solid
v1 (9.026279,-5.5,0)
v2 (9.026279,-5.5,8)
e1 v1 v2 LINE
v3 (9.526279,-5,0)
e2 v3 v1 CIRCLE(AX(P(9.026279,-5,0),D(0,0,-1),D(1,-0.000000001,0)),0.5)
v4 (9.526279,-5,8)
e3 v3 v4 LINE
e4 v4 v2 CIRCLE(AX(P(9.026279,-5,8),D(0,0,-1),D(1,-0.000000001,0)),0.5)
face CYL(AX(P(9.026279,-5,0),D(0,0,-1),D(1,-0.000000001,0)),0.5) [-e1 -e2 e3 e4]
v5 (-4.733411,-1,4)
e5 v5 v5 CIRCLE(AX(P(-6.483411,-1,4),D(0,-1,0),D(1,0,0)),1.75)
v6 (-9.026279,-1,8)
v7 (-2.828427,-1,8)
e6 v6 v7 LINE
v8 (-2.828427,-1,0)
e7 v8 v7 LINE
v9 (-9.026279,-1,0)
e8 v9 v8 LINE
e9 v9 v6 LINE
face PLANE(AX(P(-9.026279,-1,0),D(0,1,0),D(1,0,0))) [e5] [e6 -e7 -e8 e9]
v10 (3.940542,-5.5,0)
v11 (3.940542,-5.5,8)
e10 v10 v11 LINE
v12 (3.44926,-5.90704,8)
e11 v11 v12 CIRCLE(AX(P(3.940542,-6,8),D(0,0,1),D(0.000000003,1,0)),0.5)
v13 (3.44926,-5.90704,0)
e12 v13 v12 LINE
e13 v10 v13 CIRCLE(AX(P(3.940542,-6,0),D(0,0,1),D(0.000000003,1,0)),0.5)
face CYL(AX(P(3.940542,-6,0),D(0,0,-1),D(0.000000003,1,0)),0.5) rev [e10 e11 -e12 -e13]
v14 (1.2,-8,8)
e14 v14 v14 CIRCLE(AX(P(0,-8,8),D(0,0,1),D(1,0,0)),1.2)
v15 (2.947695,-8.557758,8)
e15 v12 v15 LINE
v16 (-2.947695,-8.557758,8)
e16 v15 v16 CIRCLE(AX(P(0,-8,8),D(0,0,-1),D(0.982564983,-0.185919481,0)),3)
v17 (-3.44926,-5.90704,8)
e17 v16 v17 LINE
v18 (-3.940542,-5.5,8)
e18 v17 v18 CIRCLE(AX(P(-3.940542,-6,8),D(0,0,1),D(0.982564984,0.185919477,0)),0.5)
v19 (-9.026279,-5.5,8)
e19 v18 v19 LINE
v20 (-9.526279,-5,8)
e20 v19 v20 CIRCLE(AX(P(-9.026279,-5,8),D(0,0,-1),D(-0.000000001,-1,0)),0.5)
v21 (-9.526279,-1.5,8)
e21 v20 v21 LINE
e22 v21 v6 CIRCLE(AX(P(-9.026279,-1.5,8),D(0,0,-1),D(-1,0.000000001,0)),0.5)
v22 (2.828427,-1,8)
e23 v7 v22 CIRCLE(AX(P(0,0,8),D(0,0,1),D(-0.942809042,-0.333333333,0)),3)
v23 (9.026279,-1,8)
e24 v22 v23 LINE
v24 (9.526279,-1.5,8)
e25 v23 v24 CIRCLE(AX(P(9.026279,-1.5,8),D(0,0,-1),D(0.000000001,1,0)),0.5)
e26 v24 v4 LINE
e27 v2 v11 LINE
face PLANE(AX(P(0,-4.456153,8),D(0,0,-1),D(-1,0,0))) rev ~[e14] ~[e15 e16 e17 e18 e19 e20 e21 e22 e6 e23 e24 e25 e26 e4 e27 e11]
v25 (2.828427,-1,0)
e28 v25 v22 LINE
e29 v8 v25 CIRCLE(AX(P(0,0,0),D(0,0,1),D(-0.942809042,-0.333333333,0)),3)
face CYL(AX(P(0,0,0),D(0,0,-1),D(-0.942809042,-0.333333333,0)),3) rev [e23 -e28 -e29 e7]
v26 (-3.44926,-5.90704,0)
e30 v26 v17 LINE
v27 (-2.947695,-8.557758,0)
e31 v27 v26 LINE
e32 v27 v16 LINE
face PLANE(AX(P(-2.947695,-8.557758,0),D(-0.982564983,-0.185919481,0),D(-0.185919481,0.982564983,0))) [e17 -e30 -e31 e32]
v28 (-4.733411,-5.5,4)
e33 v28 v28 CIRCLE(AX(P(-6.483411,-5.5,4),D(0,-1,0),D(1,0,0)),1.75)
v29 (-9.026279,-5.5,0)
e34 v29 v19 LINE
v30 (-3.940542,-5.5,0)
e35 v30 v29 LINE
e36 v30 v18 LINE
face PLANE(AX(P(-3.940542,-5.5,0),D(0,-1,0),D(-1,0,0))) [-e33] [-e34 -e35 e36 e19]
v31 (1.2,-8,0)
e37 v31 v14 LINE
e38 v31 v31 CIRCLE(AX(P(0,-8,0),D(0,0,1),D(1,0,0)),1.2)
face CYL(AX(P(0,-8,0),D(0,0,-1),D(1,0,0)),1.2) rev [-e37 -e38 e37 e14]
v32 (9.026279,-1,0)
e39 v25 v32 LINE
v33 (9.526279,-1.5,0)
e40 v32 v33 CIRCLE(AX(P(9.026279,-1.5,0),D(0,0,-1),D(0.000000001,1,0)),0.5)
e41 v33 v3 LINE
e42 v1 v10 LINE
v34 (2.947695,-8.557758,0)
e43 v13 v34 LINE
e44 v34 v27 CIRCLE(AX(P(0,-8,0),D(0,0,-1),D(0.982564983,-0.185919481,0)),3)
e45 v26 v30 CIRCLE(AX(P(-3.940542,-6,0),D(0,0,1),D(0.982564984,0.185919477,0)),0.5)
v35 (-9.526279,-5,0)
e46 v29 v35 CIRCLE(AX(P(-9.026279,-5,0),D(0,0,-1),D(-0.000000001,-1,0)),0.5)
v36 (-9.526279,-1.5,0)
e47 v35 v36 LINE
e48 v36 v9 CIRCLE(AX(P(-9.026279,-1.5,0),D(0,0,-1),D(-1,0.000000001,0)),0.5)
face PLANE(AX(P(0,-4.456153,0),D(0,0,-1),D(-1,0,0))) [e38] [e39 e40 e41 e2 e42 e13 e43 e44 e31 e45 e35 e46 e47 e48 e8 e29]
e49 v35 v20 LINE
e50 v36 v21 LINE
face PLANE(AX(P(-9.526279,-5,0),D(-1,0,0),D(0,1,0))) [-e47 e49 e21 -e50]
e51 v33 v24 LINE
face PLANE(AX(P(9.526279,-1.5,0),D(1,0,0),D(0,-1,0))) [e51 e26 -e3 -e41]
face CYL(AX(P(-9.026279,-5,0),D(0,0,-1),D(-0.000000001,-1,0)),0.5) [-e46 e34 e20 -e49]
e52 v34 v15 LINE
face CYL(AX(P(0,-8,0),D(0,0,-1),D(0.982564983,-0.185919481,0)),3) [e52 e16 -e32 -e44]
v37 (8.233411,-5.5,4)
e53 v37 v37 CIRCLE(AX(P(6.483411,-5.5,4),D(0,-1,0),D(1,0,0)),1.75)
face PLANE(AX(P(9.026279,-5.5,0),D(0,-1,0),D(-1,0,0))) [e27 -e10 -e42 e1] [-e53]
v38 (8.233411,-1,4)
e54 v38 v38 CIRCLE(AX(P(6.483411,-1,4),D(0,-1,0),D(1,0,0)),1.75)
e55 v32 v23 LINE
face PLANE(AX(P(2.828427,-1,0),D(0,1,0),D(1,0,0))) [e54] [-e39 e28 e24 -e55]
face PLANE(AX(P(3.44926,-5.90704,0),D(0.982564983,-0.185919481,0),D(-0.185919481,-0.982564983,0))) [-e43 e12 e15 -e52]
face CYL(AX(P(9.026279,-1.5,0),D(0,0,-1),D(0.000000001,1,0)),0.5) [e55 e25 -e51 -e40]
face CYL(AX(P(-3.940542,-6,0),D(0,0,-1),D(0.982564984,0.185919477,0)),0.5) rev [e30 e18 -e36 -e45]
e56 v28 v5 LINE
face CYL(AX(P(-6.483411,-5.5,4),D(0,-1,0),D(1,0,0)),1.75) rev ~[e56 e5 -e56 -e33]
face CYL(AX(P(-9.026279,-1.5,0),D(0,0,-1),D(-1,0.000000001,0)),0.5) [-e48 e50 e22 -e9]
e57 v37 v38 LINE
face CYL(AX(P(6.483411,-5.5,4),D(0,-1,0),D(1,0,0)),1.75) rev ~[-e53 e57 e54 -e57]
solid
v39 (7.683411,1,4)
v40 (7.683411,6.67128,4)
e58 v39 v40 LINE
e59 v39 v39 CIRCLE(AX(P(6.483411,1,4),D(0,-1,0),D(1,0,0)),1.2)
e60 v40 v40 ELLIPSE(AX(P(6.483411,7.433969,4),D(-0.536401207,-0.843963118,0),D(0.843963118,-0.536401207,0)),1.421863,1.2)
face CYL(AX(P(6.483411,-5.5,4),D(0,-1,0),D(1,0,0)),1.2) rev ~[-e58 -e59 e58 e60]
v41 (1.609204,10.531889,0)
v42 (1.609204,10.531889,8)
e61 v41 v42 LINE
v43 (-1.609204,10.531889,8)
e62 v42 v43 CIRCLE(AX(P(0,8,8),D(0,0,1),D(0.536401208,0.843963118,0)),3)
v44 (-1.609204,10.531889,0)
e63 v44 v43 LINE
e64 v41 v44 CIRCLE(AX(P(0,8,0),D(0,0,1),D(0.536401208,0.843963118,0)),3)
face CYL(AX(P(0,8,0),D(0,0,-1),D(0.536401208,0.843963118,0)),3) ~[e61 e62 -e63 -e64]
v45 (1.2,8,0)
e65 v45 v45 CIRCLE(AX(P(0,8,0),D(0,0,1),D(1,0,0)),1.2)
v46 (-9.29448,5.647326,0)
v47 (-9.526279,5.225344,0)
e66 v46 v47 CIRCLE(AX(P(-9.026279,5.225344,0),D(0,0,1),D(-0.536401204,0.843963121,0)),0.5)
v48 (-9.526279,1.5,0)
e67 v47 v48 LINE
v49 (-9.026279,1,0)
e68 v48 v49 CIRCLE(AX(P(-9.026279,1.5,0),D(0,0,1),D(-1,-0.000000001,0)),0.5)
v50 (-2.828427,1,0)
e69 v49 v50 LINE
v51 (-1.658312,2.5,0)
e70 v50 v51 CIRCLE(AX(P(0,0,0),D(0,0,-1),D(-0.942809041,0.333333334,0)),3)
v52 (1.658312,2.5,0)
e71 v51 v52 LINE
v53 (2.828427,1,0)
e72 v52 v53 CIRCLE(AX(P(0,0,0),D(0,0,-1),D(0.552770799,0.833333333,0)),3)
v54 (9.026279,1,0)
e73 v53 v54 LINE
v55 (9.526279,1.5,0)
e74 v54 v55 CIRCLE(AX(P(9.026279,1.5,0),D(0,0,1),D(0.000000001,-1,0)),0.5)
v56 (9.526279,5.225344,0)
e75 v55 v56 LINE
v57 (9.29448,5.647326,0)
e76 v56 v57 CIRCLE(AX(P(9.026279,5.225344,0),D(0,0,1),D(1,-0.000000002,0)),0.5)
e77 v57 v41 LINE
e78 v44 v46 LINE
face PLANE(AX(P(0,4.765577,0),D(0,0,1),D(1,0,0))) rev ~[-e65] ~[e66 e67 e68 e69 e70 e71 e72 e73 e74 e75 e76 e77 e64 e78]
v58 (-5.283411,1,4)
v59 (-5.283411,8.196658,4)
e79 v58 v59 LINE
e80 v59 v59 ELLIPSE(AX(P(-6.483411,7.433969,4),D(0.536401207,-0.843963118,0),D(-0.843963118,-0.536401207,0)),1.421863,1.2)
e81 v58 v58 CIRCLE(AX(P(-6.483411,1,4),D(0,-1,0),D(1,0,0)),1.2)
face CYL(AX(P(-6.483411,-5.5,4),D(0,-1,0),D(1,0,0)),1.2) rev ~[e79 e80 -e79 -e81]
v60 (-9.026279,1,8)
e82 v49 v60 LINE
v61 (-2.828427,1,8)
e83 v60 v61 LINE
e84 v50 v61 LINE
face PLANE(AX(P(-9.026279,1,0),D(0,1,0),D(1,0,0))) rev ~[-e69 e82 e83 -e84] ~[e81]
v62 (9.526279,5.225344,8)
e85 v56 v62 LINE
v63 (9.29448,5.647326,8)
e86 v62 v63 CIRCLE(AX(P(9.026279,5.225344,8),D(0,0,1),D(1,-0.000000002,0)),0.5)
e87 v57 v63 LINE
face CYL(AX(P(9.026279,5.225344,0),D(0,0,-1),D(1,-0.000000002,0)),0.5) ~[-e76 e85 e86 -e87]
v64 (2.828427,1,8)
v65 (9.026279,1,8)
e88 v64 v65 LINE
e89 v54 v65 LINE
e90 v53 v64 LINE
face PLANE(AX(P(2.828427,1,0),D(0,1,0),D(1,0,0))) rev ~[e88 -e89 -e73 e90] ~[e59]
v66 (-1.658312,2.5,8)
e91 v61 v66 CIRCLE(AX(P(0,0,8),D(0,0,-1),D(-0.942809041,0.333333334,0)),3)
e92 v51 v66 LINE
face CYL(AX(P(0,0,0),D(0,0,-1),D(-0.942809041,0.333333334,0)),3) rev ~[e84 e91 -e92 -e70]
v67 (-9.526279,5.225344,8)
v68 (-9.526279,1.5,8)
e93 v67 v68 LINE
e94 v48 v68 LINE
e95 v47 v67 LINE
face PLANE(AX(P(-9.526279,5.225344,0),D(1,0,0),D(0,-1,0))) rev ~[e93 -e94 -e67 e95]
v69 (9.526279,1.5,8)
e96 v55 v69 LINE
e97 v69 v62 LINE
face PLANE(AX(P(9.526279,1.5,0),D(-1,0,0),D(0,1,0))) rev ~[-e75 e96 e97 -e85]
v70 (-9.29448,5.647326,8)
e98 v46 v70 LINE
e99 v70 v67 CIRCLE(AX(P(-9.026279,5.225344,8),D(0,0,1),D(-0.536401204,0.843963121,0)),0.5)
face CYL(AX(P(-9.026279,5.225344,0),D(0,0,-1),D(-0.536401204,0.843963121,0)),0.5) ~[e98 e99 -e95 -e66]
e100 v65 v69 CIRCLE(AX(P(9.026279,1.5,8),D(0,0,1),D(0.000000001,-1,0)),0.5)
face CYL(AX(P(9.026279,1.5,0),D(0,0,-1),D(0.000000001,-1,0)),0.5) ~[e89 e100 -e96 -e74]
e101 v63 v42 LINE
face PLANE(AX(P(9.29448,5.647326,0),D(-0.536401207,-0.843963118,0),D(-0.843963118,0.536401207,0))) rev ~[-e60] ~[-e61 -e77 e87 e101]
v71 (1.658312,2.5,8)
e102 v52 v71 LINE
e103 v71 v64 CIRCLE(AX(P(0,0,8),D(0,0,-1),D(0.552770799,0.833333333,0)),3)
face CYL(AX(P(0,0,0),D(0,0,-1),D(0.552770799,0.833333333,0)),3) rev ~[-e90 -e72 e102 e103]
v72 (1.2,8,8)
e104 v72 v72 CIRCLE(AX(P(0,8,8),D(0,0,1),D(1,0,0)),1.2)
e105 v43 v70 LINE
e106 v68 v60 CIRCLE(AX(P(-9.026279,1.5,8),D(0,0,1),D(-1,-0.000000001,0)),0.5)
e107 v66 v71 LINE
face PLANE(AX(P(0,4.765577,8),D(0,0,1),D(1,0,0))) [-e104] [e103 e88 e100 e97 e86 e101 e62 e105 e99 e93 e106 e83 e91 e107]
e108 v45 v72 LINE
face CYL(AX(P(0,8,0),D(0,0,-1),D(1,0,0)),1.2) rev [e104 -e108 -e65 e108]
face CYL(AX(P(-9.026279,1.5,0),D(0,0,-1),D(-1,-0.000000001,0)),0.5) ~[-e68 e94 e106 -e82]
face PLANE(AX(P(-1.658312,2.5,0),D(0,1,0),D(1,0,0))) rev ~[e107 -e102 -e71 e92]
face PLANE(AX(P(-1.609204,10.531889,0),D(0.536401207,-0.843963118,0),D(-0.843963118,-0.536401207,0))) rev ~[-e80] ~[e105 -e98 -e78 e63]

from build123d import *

# Parameters (mm, degrees)
SKETCH_1_R          = 1.2
EXTRUDE_1_DEPTH     = 8
EXTRUDE_1_2_DEPTH   = 8
SKETCH_2_R          = 1.2
CUT_EXTRUDE_1_DEPTH = 17.5
SKETCH_3_R          = 1.75
CUT_EXTRUDE_2_DEPTH = 4.5


with BuildPart() as part:
    # 草图1 → 凸台-拉伸1 (new body)
    with BuildSketch(Plane.XY):
        with BuildLine():
            Line((-1.658312395, 2.5), (1.658312395, 2.5))
            ThreePointArc((1.658312395, 2.5), (2.365419176, 1.84520788), (2.828427125, 1))
            Line((2.828427125, 1), (9.026279442, 1))
            ThreePointArc((9.026279442, 1), (9.379832832, 1.146446609), (9.526279442, 1.5))
            Line((9.526279442, 1.5), (9.526279442, 5.225344163))
            ThreePointArc((9.526279442, 5.225344163), (9.464514711, 5.466071912), (9.294480045, 5.647325722))
            Line((9.294480045, 5.647325722), (1.609203622, 10.531889354))
            ThreePointArc((1.609203622, 10.531889354), (0, 11), (-1.609203622, 10.531889354))
            Line((-1.609203622, 10.531889354), (-9.294480045, 5.647325722))
            ThreePointArc((-9.294480045, 5.647325722), (-9.464514711, 5.466071912), (-9.526279442, 5.225344163))
            Line((-9.526279442, 5.225344163), (-9.526279442, 1.5))
            ThreePointArc((-9.526279442, 1.5), (-9.379832832, 1.146446609), (-9.026279442, 1))
            Line((-9.026279442, 1), (-2.828427125, 1))
            ThreePointArc((-2.828427125, 1), (-2.365419176, 1.84520788), (-1.658312395, 2.5))
        make_face()
        with Locations((0, 8)):
            Circle(SKETCH_1_R, mode=Mode.SUBTRACT)
    extrude(amount=EXTRUDE_1_DEPTH)


with BuildPart() as body_2:
    # 草图1 → Extrude 1 2 (new body)
    with BuildSketch(Plane.XY):
        with BuildLine():
            Line((-9.026279442, -1), (-2.828427125, -1))
            ThreePointArc((-2.828427125, -1), (0, -3), (2.828427125, -1))
            Line((2.828427125, -1), (9.026279442, -1))
            ThreePointArc((9.026279442, -1), (9.379832832, -1.146446609), (9.526279442, -1.5))
            Line((9.526279442, -1.5), (9.526279442, -5))
            ThreePointArc((9.526279442, -5), (9.379832832, -5.353553391), (9.026279442, -5.5))
            Line((9.026279442, -5.5), (3.940542383, -5.5))
            ThreePointArc((3.940542383, -5.5), (3.621543848, -5.614980604), (3.449259891, -5.90704026))
            Line((3.449259891, -5.90704026), (2.94769495, -8.557758442))
            ThreePointArc((2.94769495, -8.557758442), (0, -11), (-2.94769495, -8.557758442))
            Line((-2.94769495, -8.557758442), (-3.449259891, -5.90704026))
            ThreePointArc((-3.449259891, -5.90704026), (-3.621543848, -5.614980604), (-3.940542383, -5.5))
            Line((-3.940542383, -5.5), (-9.026279442, -5.5))
            ThreePointArc((-9.026279442, -5.5), (-9.379832832, -5.353553391), (-9.526279442, -5))
            Line((-9.526279442, -5), (-9.526279442, -1.5))
            ThreePointArc((-9.526279442, -1.5), (-9.379832832, -1.146446609), (-9.026279442, -1))
        make_face()
        with Locations((0, -8)):
            Circle(SKETCH_1_R, mode=Mode.SUBTRACT)
    extrude(amount=EXTRUDE_1_2_DEPTH)


with BuildPart() as cut_extrude_1_tool:
    # 草图2 → 切除-拉伸1 (new body, through all)
    with BuildSketch(Plane.XZ.offset(5.5)):
        with Locations((6.483410912, 4)):
            Circle(SKETCH_2_R)
        with Locations((-6.483410912, 4)):
            Circle(SKETCH_2_R)
    extrude(amount=-CUT_EXTRUDE_1_DEPTH)


with BuildPart() as part_1:
    add(part.part)

    # 切除-拉伸1: cut by cut_extrude_1_tool
    add(cut_extrude_1_tool.part, mode=Mode.SUBTRACT)


with BuildPart() as body_2_1:
    add(body_2.part)

    # 切除-拉伸1: cut by cut_extrude_1_tool
    add(cut_extrude_1_tool.part, mode=Mode.SUBTRACT)

    # 草图3 → 切除-拉伸2 (cut)
    with BuildSketch(Plane.XZ.offset(5.5)):
        with Locations((-6.483410912, 4)):
            Circle(SKETCH_3_R)
        with Locations((6.483410912, 4)):
            Circle(SKETCH_3_R)
    extrude(amount=-CUT_EXTRUDE_2_DEPTH, mode=Mode.SUBTRACT)


solid = Compound([part_1.part, body_2_1.part])
